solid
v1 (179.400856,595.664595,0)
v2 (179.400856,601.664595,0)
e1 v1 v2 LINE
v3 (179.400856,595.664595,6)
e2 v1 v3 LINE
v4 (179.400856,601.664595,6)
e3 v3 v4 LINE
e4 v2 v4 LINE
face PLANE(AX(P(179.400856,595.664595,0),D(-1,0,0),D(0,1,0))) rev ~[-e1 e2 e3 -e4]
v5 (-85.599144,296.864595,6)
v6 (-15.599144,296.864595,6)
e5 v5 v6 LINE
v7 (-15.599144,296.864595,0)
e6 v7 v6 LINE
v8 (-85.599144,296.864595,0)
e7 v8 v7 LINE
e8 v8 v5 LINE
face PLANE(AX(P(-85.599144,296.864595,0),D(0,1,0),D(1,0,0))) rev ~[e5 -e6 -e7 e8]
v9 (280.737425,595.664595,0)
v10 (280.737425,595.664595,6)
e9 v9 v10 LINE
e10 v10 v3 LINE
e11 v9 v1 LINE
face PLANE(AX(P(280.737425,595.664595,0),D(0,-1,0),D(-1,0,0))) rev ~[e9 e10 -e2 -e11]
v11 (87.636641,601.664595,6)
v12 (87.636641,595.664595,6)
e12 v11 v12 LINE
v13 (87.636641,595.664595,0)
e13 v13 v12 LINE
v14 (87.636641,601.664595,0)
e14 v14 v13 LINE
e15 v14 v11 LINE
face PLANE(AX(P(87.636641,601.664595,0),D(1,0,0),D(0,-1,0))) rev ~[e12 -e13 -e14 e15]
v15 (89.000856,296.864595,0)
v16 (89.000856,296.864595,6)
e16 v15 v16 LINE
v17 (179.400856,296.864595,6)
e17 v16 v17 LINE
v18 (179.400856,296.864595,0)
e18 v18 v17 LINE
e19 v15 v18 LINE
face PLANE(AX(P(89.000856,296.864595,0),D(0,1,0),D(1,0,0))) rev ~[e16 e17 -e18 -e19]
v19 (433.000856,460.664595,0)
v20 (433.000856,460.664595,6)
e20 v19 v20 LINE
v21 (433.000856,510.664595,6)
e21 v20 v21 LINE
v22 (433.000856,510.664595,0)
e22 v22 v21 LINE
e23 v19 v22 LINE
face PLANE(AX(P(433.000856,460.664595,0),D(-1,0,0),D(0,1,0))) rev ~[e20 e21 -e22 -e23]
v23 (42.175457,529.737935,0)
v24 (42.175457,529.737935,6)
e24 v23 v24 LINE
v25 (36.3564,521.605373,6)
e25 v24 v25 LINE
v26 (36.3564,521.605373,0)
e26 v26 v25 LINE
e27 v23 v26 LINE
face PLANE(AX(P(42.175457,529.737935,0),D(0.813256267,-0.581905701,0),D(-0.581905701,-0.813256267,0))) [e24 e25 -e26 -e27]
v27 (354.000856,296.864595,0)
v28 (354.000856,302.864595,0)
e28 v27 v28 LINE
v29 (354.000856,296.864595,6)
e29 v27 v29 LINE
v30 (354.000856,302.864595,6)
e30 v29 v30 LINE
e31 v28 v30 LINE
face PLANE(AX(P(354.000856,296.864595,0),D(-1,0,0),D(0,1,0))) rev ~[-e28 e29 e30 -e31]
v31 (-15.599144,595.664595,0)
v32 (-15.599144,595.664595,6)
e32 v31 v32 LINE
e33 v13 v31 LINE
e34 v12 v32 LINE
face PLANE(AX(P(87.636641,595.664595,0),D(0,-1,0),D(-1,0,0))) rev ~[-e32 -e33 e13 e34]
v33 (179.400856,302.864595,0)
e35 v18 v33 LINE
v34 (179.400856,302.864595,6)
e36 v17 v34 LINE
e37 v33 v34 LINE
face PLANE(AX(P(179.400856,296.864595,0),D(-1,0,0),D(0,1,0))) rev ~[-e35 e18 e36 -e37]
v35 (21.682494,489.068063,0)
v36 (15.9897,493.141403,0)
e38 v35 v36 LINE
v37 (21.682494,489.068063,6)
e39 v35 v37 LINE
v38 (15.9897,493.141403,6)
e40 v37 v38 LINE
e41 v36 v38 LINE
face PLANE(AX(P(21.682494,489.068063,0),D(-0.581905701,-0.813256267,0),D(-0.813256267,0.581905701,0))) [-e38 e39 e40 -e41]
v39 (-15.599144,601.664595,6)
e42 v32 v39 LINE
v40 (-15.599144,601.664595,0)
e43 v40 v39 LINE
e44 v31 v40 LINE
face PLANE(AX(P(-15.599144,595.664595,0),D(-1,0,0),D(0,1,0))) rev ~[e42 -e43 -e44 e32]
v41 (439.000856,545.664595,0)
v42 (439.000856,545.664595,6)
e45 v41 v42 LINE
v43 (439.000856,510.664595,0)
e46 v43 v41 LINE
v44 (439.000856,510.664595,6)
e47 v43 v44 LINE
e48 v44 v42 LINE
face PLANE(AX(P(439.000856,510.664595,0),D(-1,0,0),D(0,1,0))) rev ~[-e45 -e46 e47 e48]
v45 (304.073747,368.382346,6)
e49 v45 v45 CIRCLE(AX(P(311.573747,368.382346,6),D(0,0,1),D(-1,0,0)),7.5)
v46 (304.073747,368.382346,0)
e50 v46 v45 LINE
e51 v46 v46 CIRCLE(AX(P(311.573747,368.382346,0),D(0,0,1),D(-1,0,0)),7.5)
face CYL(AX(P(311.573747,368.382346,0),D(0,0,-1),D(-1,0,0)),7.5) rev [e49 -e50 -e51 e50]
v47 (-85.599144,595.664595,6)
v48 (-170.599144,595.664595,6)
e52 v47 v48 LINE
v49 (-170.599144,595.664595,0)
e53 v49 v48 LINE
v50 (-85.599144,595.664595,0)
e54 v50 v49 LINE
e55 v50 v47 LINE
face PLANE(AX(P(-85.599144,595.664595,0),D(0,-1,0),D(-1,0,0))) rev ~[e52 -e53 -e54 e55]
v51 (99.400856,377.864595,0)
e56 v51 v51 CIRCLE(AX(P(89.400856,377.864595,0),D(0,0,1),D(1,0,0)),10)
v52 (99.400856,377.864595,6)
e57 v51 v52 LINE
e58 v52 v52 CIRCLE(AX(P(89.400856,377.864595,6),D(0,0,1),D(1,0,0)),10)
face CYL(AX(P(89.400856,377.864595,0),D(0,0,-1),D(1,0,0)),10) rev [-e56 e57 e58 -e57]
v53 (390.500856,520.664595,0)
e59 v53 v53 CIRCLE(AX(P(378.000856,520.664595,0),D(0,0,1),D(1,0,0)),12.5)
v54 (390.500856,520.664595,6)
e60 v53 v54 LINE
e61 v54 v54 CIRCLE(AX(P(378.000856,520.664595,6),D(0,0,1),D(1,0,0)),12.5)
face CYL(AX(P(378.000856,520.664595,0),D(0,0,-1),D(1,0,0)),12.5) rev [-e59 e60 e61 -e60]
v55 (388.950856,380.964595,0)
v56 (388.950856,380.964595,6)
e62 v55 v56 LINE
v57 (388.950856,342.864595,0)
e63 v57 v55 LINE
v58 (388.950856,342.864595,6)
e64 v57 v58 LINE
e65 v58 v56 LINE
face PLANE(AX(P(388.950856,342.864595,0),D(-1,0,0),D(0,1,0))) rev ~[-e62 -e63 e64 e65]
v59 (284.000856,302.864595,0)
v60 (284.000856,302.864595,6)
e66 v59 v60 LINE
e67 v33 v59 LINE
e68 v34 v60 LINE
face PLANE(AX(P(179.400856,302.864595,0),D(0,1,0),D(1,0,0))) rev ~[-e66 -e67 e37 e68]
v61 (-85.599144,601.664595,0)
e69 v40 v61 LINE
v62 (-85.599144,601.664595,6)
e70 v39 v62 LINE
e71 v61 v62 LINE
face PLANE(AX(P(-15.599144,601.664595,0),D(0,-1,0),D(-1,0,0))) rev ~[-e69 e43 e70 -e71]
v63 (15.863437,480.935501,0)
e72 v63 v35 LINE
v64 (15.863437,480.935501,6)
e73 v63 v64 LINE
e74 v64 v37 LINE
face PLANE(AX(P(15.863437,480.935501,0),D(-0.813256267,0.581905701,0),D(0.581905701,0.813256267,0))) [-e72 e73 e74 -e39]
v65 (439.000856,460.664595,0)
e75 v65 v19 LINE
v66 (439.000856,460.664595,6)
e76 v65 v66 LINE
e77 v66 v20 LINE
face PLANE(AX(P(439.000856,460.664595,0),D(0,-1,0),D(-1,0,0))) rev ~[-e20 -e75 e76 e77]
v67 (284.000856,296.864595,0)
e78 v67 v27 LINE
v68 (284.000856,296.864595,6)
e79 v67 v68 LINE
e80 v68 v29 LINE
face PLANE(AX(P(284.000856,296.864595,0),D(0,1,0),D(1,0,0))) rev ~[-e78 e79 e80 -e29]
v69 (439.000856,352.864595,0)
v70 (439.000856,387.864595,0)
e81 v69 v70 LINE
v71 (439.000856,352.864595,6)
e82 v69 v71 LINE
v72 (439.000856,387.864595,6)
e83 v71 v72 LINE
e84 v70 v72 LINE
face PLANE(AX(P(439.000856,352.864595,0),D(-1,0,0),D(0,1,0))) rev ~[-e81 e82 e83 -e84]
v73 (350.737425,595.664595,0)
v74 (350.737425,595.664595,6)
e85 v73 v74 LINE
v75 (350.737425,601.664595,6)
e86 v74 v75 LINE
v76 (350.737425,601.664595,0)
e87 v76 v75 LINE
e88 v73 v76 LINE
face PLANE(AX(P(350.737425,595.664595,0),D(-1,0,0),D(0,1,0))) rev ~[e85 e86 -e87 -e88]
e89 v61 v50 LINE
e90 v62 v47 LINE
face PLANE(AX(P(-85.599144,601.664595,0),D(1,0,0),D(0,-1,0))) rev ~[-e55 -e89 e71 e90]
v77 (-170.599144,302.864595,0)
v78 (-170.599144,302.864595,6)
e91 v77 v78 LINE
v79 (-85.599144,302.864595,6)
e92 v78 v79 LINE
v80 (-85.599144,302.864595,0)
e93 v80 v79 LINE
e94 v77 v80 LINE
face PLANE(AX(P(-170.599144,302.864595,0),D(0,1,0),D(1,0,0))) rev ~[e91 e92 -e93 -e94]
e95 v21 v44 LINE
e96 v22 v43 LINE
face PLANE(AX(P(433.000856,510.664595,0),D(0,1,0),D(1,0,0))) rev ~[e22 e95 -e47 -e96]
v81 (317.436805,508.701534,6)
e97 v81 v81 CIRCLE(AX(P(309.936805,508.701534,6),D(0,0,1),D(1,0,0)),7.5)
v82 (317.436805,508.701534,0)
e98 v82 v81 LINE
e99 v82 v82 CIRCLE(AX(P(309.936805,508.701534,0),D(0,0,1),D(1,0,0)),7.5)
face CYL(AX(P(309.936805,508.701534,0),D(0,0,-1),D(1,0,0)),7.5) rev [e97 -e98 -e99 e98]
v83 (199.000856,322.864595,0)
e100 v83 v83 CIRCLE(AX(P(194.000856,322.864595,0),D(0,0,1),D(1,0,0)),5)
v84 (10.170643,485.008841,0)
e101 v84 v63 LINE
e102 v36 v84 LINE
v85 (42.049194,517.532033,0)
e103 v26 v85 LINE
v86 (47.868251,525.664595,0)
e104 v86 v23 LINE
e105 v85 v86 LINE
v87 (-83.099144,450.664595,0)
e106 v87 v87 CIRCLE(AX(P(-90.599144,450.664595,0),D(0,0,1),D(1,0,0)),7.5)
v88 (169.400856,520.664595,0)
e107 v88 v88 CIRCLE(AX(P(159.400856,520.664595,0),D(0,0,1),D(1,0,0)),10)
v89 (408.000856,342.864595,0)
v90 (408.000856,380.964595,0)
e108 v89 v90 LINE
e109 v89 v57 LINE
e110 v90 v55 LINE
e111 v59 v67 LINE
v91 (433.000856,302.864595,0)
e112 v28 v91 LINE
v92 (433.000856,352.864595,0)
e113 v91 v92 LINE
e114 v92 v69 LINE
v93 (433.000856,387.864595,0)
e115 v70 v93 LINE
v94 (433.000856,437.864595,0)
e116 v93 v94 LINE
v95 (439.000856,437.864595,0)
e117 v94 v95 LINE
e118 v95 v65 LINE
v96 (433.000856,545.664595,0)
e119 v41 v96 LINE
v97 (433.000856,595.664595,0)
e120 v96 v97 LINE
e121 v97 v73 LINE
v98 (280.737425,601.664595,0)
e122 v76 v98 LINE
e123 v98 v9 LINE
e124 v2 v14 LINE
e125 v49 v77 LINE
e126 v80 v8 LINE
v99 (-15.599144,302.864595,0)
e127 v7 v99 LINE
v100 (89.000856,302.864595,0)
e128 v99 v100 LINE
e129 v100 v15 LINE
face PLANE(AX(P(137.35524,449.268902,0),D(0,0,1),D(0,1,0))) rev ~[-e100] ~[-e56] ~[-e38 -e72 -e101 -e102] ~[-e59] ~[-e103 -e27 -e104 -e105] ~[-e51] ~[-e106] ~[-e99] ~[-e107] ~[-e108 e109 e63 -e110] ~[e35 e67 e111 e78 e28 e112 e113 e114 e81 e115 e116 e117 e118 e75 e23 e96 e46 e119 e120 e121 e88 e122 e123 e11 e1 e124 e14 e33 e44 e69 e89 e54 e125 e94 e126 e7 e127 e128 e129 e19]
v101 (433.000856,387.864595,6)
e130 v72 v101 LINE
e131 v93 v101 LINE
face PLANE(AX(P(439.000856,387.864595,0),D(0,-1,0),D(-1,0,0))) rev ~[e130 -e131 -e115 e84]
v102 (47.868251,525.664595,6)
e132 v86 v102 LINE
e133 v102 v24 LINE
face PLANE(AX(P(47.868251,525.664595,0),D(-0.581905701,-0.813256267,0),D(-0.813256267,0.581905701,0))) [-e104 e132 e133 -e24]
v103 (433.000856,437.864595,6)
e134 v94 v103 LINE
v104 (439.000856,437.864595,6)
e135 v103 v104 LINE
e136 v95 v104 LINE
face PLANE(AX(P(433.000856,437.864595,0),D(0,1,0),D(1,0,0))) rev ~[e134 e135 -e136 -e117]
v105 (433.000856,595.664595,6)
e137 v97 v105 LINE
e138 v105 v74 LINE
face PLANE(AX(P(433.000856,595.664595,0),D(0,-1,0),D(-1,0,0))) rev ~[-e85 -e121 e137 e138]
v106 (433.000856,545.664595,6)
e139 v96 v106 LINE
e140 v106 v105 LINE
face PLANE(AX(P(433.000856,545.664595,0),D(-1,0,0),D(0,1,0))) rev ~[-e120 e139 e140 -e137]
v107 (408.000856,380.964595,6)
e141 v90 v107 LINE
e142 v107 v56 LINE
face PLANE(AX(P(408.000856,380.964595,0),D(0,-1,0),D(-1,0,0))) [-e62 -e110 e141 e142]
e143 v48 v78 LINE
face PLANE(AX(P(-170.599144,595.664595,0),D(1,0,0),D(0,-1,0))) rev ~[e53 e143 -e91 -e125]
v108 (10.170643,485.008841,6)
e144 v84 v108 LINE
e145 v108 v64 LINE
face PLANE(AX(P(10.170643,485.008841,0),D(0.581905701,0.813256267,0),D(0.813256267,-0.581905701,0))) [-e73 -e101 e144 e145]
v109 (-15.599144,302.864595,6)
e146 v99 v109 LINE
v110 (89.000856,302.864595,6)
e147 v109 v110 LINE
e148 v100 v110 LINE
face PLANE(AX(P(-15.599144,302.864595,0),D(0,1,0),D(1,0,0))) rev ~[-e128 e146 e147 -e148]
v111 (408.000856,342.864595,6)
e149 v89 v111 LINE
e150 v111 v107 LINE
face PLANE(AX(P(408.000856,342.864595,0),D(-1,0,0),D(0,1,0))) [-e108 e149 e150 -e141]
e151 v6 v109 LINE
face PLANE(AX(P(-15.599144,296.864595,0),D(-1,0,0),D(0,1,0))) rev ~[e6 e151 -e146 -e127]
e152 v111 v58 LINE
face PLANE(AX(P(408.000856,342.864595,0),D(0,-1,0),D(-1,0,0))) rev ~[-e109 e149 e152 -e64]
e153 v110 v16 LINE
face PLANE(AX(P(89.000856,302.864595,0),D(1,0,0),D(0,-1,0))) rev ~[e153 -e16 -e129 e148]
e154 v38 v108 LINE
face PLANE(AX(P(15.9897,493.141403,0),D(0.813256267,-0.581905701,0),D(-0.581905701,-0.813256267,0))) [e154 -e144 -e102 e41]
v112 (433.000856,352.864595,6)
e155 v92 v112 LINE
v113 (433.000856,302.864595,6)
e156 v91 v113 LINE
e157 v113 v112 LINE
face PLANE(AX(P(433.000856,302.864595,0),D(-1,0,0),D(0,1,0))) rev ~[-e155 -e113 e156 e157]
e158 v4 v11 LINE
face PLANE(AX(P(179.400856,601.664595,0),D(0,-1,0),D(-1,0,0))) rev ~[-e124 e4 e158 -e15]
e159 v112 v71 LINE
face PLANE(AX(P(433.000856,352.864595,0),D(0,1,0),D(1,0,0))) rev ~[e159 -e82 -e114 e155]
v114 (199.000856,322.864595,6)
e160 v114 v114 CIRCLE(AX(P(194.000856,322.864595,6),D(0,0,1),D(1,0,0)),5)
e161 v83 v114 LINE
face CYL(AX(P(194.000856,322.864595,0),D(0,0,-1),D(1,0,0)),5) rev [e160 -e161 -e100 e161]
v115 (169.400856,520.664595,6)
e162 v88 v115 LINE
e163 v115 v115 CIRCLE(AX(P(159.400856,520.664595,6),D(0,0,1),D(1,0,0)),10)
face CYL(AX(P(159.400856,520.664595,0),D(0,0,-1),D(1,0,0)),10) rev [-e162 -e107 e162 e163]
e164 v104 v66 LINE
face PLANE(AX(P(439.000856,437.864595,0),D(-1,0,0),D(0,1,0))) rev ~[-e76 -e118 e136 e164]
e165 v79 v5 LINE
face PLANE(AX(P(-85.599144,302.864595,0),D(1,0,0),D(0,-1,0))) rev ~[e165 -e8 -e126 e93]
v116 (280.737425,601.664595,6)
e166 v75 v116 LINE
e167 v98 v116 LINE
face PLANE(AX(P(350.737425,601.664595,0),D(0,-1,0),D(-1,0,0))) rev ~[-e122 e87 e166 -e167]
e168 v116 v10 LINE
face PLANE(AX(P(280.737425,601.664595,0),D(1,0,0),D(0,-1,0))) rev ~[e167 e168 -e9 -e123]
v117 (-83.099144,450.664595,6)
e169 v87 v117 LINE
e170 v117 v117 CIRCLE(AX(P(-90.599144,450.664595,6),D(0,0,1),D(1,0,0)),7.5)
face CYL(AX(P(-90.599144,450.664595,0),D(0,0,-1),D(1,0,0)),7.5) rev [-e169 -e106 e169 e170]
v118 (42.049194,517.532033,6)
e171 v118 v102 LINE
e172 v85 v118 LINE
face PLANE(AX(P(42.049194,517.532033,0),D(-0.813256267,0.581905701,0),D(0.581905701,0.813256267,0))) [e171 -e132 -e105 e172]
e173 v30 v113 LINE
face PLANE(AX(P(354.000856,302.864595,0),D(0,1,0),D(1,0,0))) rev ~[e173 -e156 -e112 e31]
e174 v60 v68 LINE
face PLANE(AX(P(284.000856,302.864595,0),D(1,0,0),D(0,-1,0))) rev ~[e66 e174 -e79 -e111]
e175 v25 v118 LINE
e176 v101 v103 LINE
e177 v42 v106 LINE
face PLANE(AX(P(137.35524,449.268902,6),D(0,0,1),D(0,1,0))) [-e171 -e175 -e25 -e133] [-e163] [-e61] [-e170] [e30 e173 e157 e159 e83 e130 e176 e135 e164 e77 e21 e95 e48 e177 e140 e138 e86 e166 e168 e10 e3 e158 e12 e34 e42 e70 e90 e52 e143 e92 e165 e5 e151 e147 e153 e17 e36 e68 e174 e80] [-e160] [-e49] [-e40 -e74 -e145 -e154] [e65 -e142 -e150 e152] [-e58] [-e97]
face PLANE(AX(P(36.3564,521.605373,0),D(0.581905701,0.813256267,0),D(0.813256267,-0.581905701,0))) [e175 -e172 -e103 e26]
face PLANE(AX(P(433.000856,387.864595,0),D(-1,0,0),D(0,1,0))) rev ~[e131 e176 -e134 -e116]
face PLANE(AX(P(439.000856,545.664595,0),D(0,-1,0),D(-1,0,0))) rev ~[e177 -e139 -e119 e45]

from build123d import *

# Parameters (mm, degrees)
SKETCH1_R           = 7.5
SKETCH1_R_2         = 5
SKETCH1_R_3         = 10
SKETCH1_R_4         = 12.5
SKETCH1_W           = 38.1
SKETCH1_H           = 19.05
BOSS_EXTRUDE2_DEPTH = 6


with BuildPart() as part:
    # Sketch1 → Boss-Extrude2 (new body)
    with BuildSketch(Plane(origin=(0, 0, 0), x_dir=(0, 1, 0), z_dir=(0, 0, 1))):
        Polygon((302.864595387, -433.000855558), (352.864595387, -433.000855558), (352.864595387, -439.000855558), (387.864595387, -439.000855558), (387.864595387, -433.000855558), (437.864595387, -433.000855558), (437.864595387, -439.000855558), (460.664595387, -439.000855558), (460.664595387, -433.000855558), (510.664595387, -433.000855558), (510.664595387, -439.000855558), (545.664595387, -439.000855558), (545.664595387, -433.000855558), (595.664595387, -433.000855558), (595.664595387, -350.737424545), (601.664595387, -350.737424545), (601.664595387, -280.737424545), (595.664595387, -280.737424545), (595.664595387, -179.400855558), (601.664595387, -179.400855558), (601.664595387, -87.636640664), (595.664595387, -87.636640664), (595.664595387, 15.599144442), (601.664595387, 15.599144442), (601.664595387, 85.599144442), (595.664595387, 85.599144442), (595.664595387, 100.599144442), (595.664595387, 170.599144442), (525.664595387, 170.599144442), (372.864595387, 170.599144442), (302.864595387, 170.599144442), (302.864595387, 100.599144442), (302.864595387, 85.599144442), (296.864595387, 85.599144442), (296.864595387, 15.599144442), (302.864595387, 15.599144442), (302.864595387, -89.000855558), (296.864595387, -89.000855558), (296.864595387, -179.400855558), (302.864595387, -179.400855558), (302.864595387, -284.000855558), (296.864595387, -284.000855558), (296.864595387, -354.000855558), (302.864595387, -354.000855558), align=None)
        with Locations(Location((450.664595387, 90.599144442, 0), (0, 0, 270))):
            Circle(SKETCH1_R, mode=Mode.SUBTRACT)
        with Locations(Location((322.864595387, -194.000855558, 0), (0, 0, 270))):
            Circle(SKETCH1_R_2, mode=Mode.SUBTRACT)
        with Locations(Location((508.701533875, -309.936805208, 0), (0, 0, 270))):
            Circle(SKETCH1_R, mode=Mode.SUBTRACT)
        with Locations(Location((368.382345964, -311.573747263, 0), (0, 0, 90))):
            Circle(SKETCH1_R, mode=Mode.SUBTRACT)
        with Locations(Location((377.864595387, -89.400855558, 0), (0, 0, 270))):
            Circle(SKETCH1_R_3, mode=Mode.SUBTRACT)
        with Locations(Location((520.664595387, -159.400855558, 0), (0, 0, 270))):
            Circle(SKETCH1_R_3, mode=Mode.SUBTRACT)
        with Locations(Location((520.664595387, -378.000855558, 0), (0, 0, 270))):
            Circle(SKETCH1_R_4, mode=Mode.SUBTRACT)
        Polygon((480.935500713, -15.863437319), (489.068063381, -21.682494326), (493.141403286, -15.989700458), (485.008840618, -10.170643451), align=None, mode=Mode.SUBTRACT)
        Polygon((525.664595387, -47.868250858), (529.737935292, -42.17545699), (521.605372624, -36.356399983), (517.532032719, -42.04919385), align=None, mode=Mode.SUBTRACT)
        with Locations((361.914595387, -398.475855558)):
            Rectangle(SKETCH1_W, SKETCH1_H, mode=Mode.SUBTRACT)
    extrude(amount=BOSS_EXTRUDE2_DEPTH)


solid = part.part
